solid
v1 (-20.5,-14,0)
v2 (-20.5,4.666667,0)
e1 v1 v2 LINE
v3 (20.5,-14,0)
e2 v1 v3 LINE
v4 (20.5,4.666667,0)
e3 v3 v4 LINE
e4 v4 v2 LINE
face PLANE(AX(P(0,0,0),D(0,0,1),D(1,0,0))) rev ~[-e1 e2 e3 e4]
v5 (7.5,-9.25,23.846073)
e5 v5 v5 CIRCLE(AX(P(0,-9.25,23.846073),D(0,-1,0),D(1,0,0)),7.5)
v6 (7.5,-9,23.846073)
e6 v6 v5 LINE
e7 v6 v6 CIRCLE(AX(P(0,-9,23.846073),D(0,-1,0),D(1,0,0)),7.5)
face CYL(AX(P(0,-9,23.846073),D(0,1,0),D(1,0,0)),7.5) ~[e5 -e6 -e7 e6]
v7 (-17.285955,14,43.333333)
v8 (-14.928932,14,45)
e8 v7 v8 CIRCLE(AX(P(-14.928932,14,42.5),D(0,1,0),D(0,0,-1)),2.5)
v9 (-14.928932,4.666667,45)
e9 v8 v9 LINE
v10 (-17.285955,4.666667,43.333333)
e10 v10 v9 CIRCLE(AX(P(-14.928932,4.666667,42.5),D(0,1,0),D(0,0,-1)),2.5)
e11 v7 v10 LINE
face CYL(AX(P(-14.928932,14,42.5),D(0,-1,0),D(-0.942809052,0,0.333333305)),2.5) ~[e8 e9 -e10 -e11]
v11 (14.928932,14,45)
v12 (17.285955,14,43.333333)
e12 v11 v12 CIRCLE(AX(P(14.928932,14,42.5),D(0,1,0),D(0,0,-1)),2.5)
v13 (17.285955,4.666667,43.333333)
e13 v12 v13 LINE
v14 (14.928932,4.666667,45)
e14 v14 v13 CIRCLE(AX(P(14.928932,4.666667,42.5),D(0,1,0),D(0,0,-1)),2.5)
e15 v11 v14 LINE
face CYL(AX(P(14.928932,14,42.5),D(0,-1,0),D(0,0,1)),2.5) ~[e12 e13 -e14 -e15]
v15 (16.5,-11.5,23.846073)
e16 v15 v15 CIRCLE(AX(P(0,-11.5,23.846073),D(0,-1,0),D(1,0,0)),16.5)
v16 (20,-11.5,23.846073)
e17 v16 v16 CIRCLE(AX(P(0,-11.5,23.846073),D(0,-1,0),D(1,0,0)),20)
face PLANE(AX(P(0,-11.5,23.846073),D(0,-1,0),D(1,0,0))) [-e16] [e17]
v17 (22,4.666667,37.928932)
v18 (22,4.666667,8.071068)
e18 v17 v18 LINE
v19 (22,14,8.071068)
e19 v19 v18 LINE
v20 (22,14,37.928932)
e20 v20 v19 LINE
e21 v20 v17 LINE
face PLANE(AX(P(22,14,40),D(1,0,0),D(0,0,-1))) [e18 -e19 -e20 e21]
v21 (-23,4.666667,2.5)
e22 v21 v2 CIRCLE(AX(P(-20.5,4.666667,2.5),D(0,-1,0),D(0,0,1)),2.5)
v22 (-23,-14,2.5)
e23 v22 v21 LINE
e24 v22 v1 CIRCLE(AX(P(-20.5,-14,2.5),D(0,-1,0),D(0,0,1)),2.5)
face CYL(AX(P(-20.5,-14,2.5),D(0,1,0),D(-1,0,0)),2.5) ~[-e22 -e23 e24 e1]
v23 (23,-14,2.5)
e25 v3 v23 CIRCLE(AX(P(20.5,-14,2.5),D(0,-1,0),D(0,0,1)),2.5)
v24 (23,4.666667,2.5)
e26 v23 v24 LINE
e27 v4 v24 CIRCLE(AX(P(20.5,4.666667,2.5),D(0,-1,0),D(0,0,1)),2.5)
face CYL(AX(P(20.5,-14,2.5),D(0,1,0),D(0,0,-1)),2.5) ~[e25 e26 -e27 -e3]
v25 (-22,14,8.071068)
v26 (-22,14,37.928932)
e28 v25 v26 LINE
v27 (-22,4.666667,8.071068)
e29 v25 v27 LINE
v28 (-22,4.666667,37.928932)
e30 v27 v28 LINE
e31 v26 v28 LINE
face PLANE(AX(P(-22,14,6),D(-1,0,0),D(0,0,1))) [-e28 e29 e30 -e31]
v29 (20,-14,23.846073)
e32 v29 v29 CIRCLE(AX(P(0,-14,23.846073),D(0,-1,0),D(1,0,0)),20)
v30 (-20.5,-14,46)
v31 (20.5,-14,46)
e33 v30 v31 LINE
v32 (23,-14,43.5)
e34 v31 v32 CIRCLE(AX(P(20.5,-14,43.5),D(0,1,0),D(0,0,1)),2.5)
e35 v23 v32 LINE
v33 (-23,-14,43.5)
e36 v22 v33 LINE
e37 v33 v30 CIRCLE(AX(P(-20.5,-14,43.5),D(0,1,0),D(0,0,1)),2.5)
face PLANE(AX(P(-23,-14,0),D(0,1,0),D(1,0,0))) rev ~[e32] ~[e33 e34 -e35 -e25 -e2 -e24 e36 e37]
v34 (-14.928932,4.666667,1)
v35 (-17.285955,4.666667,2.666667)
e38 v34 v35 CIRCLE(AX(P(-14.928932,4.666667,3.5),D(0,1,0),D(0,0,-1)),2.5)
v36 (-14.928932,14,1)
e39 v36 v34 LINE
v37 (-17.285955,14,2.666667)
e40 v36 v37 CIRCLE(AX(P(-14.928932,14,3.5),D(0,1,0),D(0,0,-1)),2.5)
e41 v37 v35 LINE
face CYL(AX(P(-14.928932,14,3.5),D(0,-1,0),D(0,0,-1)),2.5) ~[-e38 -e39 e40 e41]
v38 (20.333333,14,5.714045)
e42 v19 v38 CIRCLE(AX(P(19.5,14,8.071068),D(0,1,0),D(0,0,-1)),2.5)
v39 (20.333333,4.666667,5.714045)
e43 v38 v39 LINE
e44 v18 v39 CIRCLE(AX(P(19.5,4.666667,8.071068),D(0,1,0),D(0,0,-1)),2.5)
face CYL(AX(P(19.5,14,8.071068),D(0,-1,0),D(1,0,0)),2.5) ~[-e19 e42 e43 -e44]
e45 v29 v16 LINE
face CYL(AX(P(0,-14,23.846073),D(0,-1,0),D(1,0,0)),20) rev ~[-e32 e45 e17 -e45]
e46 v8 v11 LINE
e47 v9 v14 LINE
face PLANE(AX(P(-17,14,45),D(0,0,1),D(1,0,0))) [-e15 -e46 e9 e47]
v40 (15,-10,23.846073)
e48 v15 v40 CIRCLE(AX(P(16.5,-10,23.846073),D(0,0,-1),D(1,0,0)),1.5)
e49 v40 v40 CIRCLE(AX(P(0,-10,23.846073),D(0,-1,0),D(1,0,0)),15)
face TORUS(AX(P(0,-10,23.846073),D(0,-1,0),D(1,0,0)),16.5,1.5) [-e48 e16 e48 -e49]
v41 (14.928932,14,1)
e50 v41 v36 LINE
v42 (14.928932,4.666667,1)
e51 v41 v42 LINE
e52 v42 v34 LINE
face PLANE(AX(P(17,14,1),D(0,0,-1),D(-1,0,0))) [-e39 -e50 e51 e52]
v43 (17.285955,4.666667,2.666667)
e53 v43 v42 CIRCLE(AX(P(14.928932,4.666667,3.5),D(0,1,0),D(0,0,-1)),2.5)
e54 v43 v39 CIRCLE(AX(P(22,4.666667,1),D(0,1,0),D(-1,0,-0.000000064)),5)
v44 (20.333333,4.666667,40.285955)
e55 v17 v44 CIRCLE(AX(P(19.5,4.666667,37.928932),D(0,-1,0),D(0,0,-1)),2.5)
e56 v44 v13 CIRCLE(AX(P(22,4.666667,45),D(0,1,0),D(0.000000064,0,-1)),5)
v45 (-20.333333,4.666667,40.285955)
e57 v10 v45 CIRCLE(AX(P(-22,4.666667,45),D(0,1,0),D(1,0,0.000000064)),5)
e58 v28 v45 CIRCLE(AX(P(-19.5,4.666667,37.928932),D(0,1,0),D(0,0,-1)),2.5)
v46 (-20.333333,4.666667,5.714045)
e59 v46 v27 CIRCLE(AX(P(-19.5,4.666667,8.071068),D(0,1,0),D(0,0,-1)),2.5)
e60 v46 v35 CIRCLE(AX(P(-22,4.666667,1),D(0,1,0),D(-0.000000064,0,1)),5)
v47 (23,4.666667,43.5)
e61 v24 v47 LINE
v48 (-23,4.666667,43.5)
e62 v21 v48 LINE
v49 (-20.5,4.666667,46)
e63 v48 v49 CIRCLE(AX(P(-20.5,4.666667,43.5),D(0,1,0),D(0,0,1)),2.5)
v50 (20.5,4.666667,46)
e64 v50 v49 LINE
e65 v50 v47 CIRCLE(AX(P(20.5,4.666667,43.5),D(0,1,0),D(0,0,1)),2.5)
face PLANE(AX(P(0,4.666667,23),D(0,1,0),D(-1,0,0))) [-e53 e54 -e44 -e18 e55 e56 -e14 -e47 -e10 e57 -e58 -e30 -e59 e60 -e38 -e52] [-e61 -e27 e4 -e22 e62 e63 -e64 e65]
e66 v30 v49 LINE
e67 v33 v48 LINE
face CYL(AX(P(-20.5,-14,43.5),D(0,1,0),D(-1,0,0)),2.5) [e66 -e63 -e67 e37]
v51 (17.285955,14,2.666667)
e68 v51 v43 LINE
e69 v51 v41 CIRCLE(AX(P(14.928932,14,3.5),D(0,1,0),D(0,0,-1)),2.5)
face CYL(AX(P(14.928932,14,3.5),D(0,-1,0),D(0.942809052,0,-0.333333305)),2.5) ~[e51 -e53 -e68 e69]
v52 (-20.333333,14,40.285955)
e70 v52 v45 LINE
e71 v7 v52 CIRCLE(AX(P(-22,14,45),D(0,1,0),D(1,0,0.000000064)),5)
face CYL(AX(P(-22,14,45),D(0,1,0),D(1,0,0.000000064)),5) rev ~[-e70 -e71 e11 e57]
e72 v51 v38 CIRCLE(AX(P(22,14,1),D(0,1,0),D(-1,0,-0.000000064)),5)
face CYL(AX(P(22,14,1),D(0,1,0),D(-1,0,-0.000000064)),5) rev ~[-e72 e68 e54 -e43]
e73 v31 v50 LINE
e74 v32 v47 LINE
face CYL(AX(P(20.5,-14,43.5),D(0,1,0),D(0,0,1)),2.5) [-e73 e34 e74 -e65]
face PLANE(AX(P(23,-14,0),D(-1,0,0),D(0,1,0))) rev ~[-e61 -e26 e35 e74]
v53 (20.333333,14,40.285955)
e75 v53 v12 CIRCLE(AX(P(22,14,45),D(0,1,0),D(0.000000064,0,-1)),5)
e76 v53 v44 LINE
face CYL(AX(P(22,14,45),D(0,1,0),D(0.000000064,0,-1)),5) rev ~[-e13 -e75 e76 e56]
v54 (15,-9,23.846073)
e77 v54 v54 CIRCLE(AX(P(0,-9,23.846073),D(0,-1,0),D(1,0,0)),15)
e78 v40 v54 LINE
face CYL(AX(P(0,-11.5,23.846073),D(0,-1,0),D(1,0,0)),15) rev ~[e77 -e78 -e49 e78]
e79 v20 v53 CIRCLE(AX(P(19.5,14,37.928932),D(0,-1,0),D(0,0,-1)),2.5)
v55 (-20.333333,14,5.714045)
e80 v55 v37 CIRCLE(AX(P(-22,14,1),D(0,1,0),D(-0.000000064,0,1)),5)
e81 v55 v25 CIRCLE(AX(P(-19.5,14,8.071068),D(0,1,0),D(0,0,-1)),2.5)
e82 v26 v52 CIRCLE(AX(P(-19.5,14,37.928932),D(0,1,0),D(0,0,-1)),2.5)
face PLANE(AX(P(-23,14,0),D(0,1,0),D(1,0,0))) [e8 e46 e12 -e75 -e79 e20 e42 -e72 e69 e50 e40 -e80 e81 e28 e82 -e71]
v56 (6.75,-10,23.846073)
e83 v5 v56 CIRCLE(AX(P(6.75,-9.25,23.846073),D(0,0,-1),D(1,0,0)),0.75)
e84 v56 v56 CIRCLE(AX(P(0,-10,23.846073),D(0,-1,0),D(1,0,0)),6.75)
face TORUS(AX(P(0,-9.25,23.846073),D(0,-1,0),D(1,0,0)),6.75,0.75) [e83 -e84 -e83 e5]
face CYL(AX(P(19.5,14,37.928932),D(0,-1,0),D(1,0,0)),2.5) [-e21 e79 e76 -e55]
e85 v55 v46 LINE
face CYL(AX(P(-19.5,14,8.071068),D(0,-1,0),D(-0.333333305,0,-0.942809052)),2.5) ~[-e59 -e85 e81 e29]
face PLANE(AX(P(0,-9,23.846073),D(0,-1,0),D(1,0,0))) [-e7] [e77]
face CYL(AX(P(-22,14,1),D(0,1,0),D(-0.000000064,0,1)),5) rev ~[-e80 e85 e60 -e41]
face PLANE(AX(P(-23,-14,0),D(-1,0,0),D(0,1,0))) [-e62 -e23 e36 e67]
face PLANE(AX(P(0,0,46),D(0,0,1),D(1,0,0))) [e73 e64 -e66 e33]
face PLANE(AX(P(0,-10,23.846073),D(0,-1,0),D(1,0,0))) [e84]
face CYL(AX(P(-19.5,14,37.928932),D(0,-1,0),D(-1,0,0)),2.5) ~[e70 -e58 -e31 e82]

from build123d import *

# Parameters (mm, degrees)
SKETCH_W        = 46
SKETCH_H        = 28
PAD_DEPTH       = 46
SKETCH001_W     = 46
SKETCH001_H     = 46
POCKET_DEPTH    = 9.333333
FILLET_R        = 2.5
SKETCH002_R     = 20
POCKET001_DEPTH = 2.5
SKETCH003_R     = 15
POCKET002_DEPTH = 2.5
SKETCH004_R     = 7.5
PAD001_DEPTH    = 1
FILLET001_R     = 1.5
FILLET002_R     = 0.75


with BuildPart() as part:
    # Sketch → Pad (new body)
    with BuildSketch(Plane.XY):
        Rectangle(SKETCH_W, SKETCH_H)
    extrude(amount=PAD_DEPTH)

    # Sketch001 (on Face4 of Pad) → Pocket (cut)
    with BuildSketch(Plane(origin=(0, 14, 0), x_dir=(-1, 0, 0), z_dir=(0, 1, 0))):
        with Locations((0, 23)):
            Rectangle(SKETCH001_W, SKETCH001_H)
        with BuildLine():
            Line((-22, 40), (-22, 6))
            ThreePointArc((-17, 1), (-18.464466, 4.535534), (-22, 6))
            Line((-17, 1), (17, 1))
            ThreePointArc((22, 6), (18.464466, 4.535534), (17, 1))
            Line((22, 6), (22, 40))
            ThreePointArc((17, 45), (18.464466, 41.464466), (22, 40))
            Line((17, 45), (-17, 45))
            ThreePointArc((-22, 40), (-18.464466, 41.464466), (-17, 45))
        make_face(mode=Mode.SUBTRACT)
    extrude(amount=-POCKET_DEPTH, mode=Mode.SUBTRACT)

    # Fillet
    fillet_edges = [part.edges().sort_by_distance(p)[0] for p in [
        (23, -4.666666, 46),
        (-23, -4.666666, 46),
        (-23, -4.666666, 0),
        (23, -4.666666, 0),
        (-22, 9.333334, 6),
        (-17, 9.333334, 1),
        (17, 9.333334, 1),
        (22, 9.333334, 6),
        (22, 9.333334, 40),
        (17, 9.333334, 45),
        (-17, 9.333334, 45),
        (-22, 9.333334, 40),
    ]]
    fillet(fillet_edges, radius=FILLET_R)

    # Sketch002 (on Face2 of Fillet) → Pocket001 (cut)
    with BuildSketch(Plane.XZ.offset(14)):
        with Locations((0, 23.846073)):
            Circle(SKETCH002_R)
    extrude(amount=-POCKET001_DEPTH, mode=Mode.SUBTRACT)

    # Sketch003 (on Face28 of Pocket001) → Pocket002 (cut)
    with BuildSketch(Plane.XZ.offset(11.5)):
        with Locations((0, 23.846073)):
            Circle(SKETCH003_R)
    extrude(amount=-POCKET002_DEPTH, mode=Mode.SUBTRACT)

    # Sketch004 (on Face31 of Pocket002) → Pad001 (join)
    with BuildSketch(Plane.XZ.offset(9)):
        with Locations((0, 23.846073)):
            Circle(SKETCH004_R)
    extrude(amount=PAD001_DEPTH)

    # Fillet001
    fillet001_edges = [part.edges().sort_by_distance(p)[0] for p in [
        (-15, -11.5, 23.846073),
    ]]
    fillet(fillet001_edges, radius=FILLET001_R)

    # Fillet002
    fillet002_edges = [part.edges().sort_by_distance(p)[0] for p in [
        (-7.5, -10, 23.846073),
    ]]
    fillet(fillet002_edges, radius=FILLET002_R)


solid = part.part
